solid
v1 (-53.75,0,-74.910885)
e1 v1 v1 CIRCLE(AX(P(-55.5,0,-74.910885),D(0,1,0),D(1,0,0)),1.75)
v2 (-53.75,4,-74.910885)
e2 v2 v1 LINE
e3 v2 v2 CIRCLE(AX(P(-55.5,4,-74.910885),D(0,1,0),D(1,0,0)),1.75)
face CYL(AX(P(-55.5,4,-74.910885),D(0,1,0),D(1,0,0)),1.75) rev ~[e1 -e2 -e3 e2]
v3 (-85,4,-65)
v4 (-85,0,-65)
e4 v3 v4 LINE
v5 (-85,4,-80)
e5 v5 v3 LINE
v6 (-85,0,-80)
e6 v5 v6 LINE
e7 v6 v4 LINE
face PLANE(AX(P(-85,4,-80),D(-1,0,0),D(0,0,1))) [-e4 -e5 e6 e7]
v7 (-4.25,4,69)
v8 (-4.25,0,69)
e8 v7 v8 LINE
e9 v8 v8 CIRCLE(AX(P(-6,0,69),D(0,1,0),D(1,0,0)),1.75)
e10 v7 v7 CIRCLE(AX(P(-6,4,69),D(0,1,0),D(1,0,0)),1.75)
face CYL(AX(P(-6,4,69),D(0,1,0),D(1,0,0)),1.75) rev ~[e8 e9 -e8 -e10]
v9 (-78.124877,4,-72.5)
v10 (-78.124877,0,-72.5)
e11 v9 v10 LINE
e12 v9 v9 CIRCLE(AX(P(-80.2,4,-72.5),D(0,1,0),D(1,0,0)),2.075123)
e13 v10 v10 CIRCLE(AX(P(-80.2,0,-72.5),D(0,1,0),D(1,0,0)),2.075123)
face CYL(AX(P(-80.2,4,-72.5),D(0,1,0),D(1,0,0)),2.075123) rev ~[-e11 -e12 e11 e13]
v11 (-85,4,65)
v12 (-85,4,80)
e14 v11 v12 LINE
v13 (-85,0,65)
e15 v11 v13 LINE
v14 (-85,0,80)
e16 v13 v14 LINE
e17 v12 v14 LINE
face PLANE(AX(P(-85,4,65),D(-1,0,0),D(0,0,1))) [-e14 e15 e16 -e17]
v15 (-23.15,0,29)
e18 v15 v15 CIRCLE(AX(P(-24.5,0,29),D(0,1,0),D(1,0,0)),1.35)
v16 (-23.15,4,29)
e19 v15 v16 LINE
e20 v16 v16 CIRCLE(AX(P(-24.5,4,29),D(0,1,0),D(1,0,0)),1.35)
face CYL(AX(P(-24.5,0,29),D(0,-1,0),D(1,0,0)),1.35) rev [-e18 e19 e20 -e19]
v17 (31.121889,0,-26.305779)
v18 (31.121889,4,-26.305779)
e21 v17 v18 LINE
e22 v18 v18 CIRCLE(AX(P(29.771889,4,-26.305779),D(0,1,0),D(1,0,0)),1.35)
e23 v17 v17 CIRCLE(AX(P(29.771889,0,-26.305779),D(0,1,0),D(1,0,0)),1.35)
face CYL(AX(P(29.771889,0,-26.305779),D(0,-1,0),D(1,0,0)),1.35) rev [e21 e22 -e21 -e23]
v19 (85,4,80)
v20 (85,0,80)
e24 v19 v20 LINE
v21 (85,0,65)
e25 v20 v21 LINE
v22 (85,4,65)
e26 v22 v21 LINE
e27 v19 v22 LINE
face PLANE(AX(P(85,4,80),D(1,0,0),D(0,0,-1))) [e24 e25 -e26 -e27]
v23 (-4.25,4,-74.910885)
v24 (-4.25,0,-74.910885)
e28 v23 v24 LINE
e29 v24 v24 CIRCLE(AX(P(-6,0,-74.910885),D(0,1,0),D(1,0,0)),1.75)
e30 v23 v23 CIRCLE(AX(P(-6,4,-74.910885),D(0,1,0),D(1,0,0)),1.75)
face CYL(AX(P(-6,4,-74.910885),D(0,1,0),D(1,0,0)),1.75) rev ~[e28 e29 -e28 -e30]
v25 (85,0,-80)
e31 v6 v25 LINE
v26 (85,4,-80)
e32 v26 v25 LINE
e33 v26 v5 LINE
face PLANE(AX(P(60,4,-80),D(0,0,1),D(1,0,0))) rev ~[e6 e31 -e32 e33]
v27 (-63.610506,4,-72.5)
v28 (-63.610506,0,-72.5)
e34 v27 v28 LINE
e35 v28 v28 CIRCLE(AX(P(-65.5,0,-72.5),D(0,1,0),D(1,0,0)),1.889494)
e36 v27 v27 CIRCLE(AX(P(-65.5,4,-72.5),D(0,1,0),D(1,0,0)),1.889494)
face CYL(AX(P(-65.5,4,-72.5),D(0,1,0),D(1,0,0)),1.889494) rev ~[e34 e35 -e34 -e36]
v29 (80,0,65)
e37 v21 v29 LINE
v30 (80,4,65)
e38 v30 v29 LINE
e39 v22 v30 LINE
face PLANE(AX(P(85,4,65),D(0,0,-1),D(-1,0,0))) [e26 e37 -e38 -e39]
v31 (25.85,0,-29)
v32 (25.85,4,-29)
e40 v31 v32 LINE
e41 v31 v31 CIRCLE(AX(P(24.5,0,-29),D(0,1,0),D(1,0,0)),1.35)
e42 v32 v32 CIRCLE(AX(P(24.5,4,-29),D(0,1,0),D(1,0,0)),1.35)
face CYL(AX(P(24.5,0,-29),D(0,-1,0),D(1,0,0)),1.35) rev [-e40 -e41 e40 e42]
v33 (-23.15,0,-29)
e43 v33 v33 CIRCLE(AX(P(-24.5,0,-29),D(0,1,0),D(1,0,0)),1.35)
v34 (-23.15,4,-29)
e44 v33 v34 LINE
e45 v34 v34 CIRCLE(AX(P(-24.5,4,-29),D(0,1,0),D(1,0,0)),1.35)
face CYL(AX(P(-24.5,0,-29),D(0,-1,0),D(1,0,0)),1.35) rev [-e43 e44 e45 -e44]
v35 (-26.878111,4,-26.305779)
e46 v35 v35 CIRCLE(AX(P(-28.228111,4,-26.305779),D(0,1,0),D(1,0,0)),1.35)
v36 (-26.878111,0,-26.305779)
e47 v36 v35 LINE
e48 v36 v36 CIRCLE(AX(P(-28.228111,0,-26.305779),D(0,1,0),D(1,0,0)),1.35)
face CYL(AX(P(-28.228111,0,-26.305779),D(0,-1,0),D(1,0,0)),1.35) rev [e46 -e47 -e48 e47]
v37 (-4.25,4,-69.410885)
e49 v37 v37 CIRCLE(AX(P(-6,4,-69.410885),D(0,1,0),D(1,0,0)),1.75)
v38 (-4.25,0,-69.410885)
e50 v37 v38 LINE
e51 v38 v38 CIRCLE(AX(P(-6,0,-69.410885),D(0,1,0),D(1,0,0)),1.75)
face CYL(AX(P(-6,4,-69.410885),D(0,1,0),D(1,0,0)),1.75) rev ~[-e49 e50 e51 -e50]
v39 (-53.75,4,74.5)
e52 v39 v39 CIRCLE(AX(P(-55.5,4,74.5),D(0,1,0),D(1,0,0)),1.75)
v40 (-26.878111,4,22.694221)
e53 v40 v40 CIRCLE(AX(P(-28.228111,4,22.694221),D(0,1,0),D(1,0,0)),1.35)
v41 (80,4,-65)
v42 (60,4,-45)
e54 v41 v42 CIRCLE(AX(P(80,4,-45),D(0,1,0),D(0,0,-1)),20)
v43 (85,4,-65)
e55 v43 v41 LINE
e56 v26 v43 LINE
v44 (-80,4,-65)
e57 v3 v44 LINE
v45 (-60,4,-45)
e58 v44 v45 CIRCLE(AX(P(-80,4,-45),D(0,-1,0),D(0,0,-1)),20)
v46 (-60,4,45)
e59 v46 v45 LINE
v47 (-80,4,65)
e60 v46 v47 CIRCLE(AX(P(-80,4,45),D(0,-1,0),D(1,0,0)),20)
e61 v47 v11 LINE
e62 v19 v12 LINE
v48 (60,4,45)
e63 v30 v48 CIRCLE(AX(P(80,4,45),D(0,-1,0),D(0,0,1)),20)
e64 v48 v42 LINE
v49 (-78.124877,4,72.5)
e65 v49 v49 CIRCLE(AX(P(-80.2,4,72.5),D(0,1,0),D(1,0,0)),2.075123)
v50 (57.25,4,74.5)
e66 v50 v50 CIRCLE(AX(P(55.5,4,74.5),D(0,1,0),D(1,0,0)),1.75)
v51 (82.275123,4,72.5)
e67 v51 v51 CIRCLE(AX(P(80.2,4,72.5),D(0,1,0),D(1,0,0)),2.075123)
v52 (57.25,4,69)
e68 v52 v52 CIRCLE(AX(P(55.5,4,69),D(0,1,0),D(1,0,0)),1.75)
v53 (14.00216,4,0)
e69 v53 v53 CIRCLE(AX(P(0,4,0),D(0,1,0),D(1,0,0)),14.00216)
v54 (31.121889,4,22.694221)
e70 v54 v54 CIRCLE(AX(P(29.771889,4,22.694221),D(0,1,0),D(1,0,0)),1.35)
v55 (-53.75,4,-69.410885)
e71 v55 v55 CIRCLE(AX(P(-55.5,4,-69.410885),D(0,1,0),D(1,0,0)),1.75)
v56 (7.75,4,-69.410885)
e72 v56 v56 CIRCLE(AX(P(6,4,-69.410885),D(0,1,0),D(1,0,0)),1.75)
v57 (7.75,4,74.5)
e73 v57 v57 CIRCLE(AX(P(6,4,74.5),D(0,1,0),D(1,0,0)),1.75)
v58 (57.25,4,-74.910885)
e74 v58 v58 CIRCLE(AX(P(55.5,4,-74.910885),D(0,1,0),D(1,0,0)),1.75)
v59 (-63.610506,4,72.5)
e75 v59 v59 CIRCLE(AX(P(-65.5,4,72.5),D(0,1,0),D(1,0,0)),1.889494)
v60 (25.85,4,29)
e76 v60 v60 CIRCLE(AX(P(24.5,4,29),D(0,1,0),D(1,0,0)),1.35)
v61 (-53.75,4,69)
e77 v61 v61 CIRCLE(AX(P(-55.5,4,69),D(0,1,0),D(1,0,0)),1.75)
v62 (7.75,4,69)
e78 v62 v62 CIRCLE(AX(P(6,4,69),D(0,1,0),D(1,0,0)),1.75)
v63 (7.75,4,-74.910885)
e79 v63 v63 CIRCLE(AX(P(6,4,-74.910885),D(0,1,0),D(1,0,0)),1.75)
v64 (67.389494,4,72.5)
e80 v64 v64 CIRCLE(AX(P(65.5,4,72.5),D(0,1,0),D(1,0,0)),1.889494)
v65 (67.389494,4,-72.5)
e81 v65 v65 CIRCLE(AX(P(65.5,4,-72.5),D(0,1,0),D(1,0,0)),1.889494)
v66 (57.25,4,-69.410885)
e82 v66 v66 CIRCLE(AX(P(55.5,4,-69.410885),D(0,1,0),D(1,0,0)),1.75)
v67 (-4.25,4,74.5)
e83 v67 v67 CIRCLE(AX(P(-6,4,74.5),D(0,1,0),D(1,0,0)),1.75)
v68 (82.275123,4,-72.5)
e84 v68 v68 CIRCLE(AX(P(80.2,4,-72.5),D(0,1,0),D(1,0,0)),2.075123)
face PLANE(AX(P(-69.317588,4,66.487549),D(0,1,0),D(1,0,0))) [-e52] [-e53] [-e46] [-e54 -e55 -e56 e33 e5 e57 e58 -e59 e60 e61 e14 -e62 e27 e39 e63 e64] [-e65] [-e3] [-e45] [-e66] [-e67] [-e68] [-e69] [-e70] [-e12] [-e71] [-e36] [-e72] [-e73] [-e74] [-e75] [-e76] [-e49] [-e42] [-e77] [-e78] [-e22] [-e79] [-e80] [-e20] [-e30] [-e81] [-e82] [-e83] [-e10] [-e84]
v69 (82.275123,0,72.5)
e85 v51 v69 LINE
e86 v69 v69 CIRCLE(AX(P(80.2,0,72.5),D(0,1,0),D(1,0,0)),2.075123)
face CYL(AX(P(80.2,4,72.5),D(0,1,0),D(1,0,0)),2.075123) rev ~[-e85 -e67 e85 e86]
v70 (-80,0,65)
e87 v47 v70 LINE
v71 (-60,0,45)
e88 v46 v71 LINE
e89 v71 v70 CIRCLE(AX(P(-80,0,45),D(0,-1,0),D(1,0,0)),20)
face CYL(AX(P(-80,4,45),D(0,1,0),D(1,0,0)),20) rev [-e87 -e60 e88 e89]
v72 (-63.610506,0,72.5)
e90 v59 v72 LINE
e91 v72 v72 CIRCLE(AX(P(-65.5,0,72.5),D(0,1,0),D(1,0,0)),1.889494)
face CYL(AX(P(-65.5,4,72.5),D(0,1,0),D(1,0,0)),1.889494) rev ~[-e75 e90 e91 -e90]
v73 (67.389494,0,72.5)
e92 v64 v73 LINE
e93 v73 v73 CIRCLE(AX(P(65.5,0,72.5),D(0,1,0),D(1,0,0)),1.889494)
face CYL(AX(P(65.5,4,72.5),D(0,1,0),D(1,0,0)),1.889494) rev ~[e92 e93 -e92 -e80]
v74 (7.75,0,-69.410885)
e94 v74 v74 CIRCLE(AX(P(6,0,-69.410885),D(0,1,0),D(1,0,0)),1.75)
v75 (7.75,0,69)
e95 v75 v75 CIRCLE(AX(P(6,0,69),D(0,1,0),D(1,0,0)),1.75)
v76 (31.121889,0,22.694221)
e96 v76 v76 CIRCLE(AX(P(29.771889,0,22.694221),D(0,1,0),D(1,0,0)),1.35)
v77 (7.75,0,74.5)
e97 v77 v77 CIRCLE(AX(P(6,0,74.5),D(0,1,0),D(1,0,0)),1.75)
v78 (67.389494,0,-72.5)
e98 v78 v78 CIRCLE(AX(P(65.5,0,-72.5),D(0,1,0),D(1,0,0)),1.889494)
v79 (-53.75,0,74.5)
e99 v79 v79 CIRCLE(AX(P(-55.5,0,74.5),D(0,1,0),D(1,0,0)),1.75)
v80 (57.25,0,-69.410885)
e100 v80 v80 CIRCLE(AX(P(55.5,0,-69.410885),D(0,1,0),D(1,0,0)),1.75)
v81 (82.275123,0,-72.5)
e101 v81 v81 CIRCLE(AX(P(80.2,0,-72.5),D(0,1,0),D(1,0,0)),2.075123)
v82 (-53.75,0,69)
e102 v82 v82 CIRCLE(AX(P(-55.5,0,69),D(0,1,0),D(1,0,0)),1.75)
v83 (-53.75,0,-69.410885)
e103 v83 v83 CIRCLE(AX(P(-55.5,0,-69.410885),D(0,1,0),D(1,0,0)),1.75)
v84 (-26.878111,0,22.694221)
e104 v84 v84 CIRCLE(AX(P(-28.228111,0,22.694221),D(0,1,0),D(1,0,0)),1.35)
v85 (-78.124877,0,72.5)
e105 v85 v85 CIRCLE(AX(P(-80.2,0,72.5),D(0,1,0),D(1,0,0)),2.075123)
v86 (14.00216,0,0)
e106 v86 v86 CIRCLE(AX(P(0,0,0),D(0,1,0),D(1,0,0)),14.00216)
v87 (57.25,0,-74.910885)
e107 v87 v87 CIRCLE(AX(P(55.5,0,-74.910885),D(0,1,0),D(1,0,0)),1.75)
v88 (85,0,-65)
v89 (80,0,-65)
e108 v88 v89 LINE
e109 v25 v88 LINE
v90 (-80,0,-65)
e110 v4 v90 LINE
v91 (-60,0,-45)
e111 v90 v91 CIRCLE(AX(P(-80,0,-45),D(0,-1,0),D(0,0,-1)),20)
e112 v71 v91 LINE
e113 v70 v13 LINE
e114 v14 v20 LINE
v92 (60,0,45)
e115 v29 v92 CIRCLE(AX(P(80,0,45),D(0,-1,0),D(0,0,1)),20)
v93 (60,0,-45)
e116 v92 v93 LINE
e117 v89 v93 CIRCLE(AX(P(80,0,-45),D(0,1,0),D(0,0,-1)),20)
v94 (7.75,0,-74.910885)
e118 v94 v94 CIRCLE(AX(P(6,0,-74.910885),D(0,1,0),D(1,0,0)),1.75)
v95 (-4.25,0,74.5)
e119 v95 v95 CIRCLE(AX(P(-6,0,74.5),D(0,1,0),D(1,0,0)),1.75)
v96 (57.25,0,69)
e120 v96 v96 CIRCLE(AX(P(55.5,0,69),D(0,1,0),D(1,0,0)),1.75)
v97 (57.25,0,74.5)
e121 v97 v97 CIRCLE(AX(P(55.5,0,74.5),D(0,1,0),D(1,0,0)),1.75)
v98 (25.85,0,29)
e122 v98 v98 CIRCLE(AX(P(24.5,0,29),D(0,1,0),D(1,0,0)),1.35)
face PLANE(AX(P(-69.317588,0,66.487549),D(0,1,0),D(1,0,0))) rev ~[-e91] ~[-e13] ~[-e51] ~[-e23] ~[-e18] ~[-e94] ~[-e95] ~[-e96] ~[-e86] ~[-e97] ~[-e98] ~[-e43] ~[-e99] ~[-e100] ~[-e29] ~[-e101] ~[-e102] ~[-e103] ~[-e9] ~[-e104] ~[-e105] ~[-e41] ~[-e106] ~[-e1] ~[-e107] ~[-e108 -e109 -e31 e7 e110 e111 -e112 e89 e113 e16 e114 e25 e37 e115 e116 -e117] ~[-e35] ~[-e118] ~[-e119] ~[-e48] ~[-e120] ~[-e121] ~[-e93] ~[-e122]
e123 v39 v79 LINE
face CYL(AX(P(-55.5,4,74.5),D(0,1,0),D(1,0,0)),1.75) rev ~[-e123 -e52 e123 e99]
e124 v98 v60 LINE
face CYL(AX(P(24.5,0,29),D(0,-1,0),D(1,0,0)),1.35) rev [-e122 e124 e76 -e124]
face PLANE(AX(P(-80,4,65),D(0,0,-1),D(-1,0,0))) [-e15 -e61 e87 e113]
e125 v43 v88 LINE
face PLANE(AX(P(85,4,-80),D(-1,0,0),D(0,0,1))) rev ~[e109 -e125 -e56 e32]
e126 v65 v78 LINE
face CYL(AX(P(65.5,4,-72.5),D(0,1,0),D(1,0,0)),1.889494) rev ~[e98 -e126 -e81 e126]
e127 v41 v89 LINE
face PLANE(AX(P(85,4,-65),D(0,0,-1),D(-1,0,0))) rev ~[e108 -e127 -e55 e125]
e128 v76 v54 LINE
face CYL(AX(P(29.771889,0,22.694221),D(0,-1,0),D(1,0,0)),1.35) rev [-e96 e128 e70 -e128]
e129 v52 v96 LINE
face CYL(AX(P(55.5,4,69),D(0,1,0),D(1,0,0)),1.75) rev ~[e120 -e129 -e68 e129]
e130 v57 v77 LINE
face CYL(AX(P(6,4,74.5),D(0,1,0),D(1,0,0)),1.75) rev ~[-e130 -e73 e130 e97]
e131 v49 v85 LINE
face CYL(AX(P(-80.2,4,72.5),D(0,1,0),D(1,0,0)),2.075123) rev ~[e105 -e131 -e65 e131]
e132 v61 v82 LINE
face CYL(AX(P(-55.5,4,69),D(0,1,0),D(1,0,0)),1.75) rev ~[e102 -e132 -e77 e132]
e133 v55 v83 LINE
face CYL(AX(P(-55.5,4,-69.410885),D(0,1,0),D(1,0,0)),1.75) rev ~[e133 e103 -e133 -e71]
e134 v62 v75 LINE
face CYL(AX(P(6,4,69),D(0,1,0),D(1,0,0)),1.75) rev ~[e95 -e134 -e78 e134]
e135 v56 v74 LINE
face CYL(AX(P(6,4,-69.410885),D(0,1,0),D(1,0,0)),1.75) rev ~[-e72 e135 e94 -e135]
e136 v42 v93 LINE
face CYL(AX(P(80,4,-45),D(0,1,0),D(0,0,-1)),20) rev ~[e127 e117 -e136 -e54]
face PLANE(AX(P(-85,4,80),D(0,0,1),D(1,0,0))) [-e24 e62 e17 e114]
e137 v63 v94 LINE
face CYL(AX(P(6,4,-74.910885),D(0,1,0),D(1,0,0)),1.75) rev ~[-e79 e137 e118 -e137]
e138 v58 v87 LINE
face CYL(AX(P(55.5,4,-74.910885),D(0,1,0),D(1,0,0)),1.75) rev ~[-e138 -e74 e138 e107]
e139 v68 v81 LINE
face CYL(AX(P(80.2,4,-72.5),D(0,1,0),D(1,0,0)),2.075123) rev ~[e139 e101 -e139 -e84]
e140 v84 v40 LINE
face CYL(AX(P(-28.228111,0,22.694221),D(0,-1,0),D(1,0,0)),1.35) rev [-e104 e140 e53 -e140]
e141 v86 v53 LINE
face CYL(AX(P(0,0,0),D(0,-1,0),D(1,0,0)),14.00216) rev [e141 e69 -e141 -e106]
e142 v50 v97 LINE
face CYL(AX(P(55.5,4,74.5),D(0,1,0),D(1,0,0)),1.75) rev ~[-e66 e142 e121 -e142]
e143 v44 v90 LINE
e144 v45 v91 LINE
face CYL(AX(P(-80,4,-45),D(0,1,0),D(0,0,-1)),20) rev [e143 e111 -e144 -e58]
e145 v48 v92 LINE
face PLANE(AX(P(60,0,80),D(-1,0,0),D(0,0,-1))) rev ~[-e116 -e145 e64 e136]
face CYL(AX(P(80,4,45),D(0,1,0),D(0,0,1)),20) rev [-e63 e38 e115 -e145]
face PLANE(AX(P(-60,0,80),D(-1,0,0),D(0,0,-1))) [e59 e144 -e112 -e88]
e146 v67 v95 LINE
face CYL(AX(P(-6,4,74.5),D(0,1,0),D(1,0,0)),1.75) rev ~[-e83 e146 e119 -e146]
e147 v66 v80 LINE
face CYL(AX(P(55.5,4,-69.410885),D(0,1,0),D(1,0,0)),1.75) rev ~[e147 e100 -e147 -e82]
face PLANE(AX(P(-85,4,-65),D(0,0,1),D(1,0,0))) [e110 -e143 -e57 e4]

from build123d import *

# Parameters (mm, degrees)
SKETCH2_W             = 120
SKETCH2_H             = 160
SKETCH2_R             = 1.35
SKETCH2_R_2           = 14.002160315
BOSS_EXTRUDE1_DEPTH   = 4
SKETCH4_R             = 1.75
CUT_EXTRUDE1_DEPTH    = 4
SKETCH6_R             = 2.075123243
SKETCH6_R_2           = 1.889494125
BOSS_EXTRUDE2_DEPTH   = 4
BOSS_EXTRUDE2_2_DEPTH = 4
BOSS_EXTRUDE2_3_DEPTH = 4
BOSS_EXTRUDE2_4_DEPTH = 4


with BuildPart() as part:
    # Sketch2 → Boss-Extrude1 (new body)
    with BuildSketch(Plane(origin=(0, 0, 0), x_dir=(1, 0, 0), z_dir=(0, 1, 0))):
        Rectangle(SKETCH2_W, SKETCH2_H)
        with Locations((-28.228110793, 26.305779309)):
            Circle(SKETCH2_R, mode=Mode.SUBTRACT)
        with Locations((-28.228110793, -22.694220691)):
            Circle(SKETCH2_R, mode=Mode.SUBTRACT)
        with Locations((-24.5, -29)):
            Circle(SKETCH2_R, mode=Mode.SUBTRACT)
        with Locations((24.5, -29)):
            Circle(SKETCH2_R, mode=Mode.SUBTRACT)
        with Locations((29.771889207, -22.694220691)):
            Circle(SKETCH2_R, mode=Mode.SUBTRACT)
        with Locations((29.771889207, 26.305779309)):
            Circle(SKETCH2_R, mode=Mode.SUBTRACT)
        with Locations((24.5, 29)):
            Circle(SKETCH2_R, mode=Mode.SUBTRACT)
        with Locations((-24.5, 29)):
            Circle(SKETCH2_R, mode=Mode.SUBTRACT)
        Circle(SKETCH2_R_2, mode=Mode.SUBTRACT)
    extrude(amount=BOSS_EXTRUDE1_DEPTH)

    # Sketch4 → Cut-Extrude1 (cut)
    with BuildSketch(Plane(origin=(0, 4, 0), x_dir=(1, 0, 0), z_dir=(0, 1, 0))):
        with Locations((-6, 74.910885073)):
            Circle(SKETCH4_R)
        with Locations((-6, 69.410885073)):
            Circle(SKETCH4_R)
        with Locations((-55.5, 69.410885073)):
            Circle(SKETCH4_R)
        with Locations((-55.5, 74.910885073)):
            Circle(SKETCH4_R)
        with Locations((55.5, 74.910885073)):
            Circle(SKETCH4_R)
        with Locations((55.5, 69.410885073)):
            Circle(SKETCH4_R)
        with Locations((6, 69.410885073)):
            Circle(SKETCH4_R)
        with Locations((6, 74.910885073)):
            Circle(SKETCH4_R)
        with Locations((-6, -69)):
            Circle(SKETCH4_R)
        with Locations((-6, -74.5)):
            Circle(SKETCH4_R)
        with Locations((-55.5, -74.5)):
            Circle(SKETCH4_R)
        with Locations((-55.5, -69)):
            Circle(SKETCH4_R)
        with Locations((55.5, -69)):
            Circle(SKETCH4_R)
        with Locations((55.5, -74.5)):
            Circle(SKETCH4_R)
        with Locations((6, -74.5)):
            Circle(SKETCH4_R)
        with Locations((6, -69)):
            Circle(SKETCH4_R)
    extrude(amount=-CUT_EXTRUDE1_DEPTH, mode=Mode.SUBTRACT)


with BuildPart() as body_2:
    # Sketch6 → Boss-Extrude2 (new body)
    with BuildSketch(Plane(origin=(0, 4, 0), x_dir=(1, 0, 0), z_dir=(0, 1, 0))):
        with BuildLine():
            Line((60, 45), (60, 65))
            Line((60, 65), (60, 80))
            Line((60, 80), (85, 80))
            Line((85, 80), (85, 65))
            Line((85, 65), (80, 65))
            ThreePointArc((80, 65), (65.857864376, 59.142135624), (60, 45))
        make_face()
        with Locations((80.2, 72.5)):
            Circle(SKETCH6_R, mode=Mode.SUBTRACT)
        with Locations((65.5, 72.5)):
            Circle(SKETCH6_R_2, mode=Mode.SUBTRACT)
    extrude(amount=-BOSS_EXTRUDE2_DEPTH)


with BuildPart() as body_3:
    # Sketch6 → Boss-Extrude2 2 (new body)
    with BuildSketch(Plane(origin=(0, 4, 0), x_dir=(1, 0, 0), z_dir=(0, 1, 0))):
        with BuildLine():
            Line((-85, 80), (-85, 65))
            Line((-85, 65), (-80, 65))
            ThreePointArc((-80, 65), (-65.857864376, 59.142135624), (-60, 45))
            Line((-60, 45), (-60, 80))
            Line((-60, 80), (-85, 80))
        make_face()
        with Locations((-80.2, 72.5)):
            Circle(SKETCH6_R, mode=Mode.SUBTRACT)
        with Locations((-65.5, 72.5)):
            Circle(SKETCH6_R_2, mode=Mode.SUBTRACT)
    extrude(amount=-BOSS_EXTRUDE2_2_DEPTH)


with BuildPart() as body_4:
    # Sketch6 → Boss-Extrude2 3 (new body)
    with BuildSketch(Plane(origin=(0, 4, 0), x_dir=(1, 0, 0), z_dir=(0, 1, 0))):
        with BuildLine():
            Line((85, -80), (85, -65))
            Line((85, -65), (80, -65))
            ThreePointArc((80, -65), (65.857864376, -59.142135624), (60, -45))
            Line((60, -45), (60, -65))
            Line((60, -65), (60, -80))
            Line((60, -80), (85, -80))
        make_face()
        with Locations((65.5, -72.5)):
            Circle(SKETCH6_R_2, mode=Mode.SUBTRACT)
        with Locations((80.2, -72.5)):
            Circle(SKETCH6_R, mode=Mode.SUBTRACT)
    extrude(amount=-BOSS_EXTRUDE2_3_DEPTH)


with BuildPart() as body_5:
    # Sketch6 → Boss-Extrude2 4 (new body)
    with BuildSketch(Plane(origin=(0, 4, 0), x_dir=(1, 0, 0), z_dir=(0, 1, 0))):
        with BuildLine():
            Line((-60, -80), (-60, -45))
            ThreePointArc((-60, -45), (-65.857864376, -59.142135624), (-80, -65))
            Line((-80, -65), (-85, -65))
            Line((-85, -65), (-85, -80))
            Line((-85, -80), (-60, -80))
        make_face()
        with Locations((-65.5, -72.5)):
            Circle(SKETCH6_R_2, mode=Mode.SUBTRACT)
        with Locations((-80.2, -72.5)):
            Circle(SKETCH6_R, mode=Mode.SUBTRACT)
    extrude(amount=-BOSS_EXTRUDE2_4_DEPTH)


with BuildPart() as body_3_1:
    add(body_3.part)

    # Combine1: union part, body 2, body 4, body 5
    add(part.part)
    add(body_2.part)
    add(body_4.part)
    add(body_5.part)


solid = body_3_1.part
